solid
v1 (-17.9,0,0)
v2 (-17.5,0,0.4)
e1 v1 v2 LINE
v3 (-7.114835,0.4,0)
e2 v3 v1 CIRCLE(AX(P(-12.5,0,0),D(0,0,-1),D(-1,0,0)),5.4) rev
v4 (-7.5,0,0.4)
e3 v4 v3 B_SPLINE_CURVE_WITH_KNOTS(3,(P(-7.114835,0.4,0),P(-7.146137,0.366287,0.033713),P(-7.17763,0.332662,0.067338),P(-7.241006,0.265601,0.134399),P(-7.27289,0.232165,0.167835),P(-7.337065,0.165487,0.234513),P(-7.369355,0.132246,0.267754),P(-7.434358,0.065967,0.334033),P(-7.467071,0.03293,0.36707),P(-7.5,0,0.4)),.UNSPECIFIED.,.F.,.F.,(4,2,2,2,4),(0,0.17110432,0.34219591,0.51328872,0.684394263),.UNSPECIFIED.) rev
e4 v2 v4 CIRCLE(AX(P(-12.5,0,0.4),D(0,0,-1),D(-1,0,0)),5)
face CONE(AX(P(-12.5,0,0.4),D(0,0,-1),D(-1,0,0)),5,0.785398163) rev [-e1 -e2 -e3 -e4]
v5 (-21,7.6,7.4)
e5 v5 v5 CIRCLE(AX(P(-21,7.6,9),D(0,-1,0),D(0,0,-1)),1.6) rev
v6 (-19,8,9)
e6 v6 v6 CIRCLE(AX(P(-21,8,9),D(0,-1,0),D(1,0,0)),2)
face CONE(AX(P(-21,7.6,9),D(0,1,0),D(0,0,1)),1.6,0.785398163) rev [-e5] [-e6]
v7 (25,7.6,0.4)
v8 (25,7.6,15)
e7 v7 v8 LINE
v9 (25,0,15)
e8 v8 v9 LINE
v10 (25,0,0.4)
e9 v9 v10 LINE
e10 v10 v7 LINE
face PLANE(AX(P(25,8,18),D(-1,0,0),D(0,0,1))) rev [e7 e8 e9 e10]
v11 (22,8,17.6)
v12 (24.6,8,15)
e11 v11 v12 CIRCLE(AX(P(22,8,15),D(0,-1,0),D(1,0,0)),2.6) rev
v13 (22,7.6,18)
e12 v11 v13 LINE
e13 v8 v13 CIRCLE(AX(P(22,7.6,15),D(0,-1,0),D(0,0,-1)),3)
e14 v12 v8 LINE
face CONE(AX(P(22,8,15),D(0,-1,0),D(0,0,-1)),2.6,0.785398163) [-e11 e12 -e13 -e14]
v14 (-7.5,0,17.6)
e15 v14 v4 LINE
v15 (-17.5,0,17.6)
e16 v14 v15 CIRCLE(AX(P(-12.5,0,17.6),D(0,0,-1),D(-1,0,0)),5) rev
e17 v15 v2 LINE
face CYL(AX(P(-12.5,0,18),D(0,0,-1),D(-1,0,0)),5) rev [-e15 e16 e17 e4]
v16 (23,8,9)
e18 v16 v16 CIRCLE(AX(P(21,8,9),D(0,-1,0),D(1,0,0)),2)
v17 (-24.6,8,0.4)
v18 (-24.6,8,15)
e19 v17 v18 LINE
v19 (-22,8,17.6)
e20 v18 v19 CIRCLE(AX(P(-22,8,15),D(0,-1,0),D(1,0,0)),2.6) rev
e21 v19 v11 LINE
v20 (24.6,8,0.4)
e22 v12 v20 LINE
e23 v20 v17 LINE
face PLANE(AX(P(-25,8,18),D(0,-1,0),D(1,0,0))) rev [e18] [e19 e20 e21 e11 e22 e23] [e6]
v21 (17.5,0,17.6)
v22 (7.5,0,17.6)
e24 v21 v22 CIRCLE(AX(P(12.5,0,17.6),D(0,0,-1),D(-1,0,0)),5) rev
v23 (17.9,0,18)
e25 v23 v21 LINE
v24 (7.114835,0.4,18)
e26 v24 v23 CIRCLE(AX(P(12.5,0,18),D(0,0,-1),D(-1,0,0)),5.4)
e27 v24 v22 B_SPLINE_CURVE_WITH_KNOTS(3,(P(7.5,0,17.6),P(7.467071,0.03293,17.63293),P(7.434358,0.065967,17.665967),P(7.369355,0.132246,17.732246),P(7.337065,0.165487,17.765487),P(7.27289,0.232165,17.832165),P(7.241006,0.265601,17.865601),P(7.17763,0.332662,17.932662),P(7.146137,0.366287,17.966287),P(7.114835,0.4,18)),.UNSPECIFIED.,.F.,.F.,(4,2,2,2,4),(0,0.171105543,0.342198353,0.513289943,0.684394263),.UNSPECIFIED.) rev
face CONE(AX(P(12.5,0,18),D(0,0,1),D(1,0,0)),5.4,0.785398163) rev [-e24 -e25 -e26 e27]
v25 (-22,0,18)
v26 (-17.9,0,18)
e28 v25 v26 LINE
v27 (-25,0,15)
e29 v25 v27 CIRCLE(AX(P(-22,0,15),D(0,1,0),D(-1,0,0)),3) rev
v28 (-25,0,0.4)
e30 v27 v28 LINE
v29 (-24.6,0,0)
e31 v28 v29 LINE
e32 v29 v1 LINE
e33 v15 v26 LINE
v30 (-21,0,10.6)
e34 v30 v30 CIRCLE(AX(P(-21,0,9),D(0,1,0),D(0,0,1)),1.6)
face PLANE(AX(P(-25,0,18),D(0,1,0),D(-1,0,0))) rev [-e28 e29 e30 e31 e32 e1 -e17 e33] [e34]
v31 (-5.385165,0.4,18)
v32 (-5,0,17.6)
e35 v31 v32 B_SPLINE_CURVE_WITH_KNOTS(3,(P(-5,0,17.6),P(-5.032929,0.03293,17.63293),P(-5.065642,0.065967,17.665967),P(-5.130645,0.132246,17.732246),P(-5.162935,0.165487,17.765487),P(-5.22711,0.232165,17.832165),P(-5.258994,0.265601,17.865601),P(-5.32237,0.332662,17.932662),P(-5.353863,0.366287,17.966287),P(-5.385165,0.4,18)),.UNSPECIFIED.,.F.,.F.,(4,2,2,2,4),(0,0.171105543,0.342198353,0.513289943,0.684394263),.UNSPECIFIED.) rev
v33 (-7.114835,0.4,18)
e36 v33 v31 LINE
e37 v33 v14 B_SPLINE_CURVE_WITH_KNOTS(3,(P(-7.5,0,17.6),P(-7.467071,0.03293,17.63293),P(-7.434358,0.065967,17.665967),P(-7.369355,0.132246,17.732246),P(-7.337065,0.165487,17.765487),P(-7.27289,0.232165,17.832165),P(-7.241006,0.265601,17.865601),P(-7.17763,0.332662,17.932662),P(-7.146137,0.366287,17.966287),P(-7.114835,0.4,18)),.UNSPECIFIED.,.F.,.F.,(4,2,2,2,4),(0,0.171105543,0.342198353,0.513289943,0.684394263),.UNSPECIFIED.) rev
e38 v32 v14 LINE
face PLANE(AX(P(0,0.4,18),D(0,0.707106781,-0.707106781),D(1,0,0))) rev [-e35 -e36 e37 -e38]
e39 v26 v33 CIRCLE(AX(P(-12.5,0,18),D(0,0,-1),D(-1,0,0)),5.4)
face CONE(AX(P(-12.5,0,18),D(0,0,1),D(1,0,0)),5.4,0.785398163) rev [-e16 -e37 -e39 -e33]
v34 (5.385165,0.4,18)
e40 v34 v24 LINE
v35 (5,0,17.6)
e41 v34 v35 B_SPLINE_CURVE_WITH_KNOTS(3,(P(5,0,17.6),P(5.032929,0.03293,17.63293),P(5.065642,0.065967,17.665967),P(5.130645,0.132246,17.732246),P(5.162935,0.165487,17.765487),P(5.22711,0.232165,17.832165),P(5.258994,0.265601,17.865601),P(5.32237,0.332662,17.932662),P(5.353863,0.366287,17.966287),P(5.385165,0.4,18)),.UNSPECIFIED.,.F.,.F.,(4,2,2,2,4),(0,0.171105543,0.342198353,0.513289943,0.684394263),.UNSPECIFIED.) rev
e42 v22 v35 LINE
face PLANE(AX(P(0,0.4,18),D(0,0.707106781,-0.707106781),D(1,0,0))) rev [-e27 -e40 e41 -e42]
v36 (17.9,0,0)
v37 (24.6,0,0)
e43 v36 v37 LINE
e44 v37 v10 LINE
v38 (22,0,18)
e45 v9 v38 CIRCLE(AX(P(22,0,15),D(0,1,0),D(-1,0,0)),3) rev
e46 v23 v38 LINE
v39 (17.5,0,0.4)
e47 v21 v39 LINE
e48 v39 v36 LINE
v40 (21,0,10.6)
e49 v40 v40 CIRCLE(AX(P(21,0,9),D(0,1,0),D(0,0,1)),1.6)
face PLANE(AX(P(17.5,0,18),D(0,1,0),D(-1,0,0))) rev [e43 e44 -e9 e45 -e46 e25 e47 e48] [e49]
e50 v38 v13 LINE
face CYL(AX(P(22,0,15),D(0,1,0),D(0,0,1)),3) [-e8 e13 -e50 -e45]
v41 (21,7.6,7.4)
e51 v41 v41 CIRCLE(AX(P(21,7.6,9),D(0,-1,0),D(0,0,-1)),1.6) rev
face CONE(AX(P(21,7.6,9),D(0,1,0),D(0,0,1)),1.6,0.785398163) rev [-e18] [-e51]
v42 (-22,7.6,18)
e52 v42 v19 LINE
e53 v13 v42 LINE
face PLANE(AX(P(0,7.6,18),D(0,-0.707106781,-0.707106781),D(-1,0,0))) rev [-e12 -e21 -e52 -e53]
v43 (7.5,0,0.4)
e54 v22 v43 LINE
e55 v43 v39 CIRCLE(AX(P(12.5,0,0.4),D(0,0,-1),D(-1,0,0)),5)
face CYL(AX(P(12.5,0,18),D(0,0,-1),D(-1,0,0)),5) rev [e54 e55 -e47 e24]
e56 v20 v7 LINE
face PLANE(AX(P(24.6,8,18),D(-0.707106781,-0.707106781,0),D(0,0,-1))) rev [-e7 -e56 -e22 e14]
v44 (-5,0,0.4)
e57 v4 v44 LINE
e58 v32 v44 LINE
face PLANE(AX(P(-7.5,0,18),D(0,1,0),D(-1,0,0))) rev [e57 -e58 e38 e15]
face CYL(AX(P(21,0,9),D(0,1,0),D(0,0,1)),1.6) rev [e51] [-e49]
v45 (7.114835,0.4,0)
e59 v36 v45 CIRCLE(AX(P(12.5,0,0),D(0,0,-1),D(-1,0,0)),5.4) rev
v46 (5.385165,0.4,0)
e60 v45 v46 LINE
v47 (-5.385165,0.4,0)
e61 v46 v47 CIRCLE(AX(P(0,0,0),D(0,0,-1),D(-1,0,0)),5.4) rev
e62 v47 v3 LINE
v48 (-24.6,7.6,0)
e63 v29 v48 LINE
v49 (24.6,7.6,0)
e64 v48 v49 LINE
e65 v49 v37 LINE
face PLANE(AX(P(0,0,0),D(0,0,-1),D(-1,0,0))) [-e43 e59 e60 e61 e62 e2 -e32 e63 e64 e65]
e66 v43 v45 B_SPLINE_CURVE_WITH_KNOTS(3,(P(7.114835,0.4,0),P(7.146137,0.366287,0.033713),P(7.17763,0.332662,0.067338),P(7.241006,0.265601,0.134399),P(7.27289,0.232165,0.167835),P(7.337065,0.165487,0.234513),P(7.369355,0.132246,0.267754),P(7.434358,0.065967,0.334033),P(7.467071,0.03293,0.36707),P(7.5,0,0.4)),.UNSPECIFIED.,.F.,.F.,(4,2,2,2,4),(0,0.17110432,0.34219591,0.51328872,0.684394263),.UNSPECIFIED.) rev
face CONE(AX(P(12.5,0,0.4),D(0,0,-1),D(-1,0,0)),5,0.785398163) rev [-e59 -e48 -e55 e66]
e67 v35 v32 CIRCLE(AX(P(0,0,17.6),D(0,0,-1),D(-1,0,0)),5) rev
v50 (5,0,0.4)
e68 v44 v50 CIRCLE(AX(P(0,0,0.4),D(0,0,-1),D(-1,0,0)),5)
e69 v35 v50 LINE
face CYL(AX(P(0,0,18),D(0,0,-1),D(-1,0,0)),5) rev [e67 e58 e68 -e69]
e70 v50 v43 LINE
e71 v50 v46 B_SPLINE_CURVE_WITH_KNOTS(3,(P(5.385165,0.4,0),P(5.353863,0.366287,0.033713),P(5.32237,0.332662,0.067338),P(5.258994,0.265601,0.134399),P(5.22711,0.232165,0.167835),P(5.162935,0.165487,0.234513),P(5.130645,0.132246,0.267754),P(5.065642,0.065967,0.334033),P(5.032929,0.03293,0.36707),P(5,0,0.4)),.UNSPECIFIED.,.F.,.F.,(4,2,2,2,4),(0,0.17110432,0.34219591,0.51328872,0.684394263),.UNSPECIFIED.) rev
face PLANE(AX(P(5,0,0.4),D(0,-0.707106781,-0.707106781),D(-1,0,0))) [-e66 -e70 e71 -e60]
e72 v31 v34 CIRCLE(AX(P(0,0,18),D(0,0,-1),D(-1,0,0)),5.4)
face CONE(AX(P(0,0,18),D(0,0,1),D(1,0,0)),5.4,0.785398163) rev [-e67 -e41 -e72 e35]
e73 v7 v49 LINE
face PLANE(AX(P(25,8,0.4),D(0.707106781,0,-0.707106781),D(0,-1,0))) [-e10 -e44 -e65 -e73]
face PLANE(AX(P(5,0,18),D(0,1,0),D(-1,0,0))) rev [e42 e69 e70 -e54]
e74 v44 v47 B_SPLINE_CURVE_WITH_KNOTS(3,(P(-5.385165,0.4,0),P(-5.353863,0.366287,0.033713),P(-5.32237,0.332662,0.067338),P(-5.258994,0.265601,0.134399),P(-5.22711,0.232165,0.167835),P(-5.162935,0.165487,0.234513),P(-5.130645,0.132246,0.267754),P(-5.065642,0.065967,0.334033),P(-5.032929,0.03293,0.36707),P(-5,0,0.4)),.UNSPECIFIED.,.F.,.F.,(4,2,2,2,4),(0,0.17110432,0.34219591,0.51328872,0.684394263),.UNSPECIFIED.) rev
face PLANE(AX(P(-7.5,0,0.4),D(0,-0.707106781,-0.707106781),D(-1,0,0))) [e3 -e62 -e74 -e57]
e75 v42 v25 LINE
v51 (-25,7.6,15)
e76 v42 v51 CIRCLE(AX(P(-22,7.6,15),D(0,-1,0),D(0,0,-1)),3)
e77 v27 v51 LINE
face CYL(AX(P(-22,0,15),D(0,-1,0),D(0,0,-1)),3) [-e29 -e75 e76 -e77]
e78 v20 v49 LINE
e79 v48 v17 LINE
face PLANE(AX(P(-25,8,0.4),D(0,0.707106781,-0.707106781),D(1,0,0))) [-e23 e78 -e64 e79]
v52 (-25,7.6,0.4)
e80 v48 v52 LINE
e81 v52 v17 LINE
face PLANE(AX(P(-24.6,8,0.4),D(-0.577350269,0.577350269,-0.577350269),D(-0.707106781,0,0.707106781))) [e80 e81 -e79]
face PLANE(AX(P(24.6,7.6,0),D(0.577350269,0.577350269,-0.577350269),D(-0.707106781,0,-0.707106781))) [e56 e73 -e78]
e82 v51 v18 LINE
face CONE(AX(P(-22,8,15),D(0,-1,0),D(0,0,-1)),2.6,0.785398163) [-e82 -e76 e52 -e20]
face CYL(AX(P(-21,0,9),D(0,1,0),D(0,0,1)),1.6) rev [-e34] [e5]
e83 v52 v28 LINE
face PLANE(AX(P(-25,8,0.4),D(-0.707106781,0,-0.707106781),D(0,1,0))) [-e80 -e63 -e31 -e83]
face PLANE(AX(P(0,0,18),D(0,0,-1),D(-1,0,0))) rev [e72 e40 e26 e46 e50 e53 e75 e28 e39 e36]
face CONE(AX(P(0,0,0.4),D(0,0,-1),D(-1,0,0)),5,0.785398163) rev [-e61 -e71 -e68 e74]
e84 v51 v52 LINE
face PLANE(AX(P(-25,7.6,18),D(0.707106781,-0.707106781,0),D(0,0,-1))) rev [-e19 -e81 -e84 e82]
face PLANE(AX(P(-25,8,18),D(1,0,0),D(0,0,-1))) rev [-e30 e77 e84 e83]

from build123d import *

# Parameters (mm, degrees)
BOSS_EXTRUDE1_DEPTH = 18
SKETCH2_R           = 1.6
CUT_EXTRUDE1_DEPTH  = 32.827660926
FILLET1_R           = 3
CHAMFER1_SIZE       = 0.4


with BuildPart() as part:
    # Sketch1 → Boss-Extrude1 (new body)
    with BuildSketch(Plane.XY):
        with BuildLine():
            Line((-7.5, 0), (-5, 0))
            ThreePointArc((-5, 0), (0, 5), (5, 0))
            Line((5, 0), (7.5, 0))
            ThreePointArc((7.5, 0), (12.5, 5), (17.5, 0))
            Line((17.5, 0), (25, 0))
            Line((25, 0), (25, 8))
            Line((25, 8), (-25, 8))
            Line((-25, 8), (-25, 0))
            Line((-25, 0), (-17.5, 0))
            ThreePointArc((-17.5, 0), (-12.5, 5), (-7.5, 0))
        make_face()
    extrude(amount=BOSS_EXTRUDE1_DEPTH)

    # Sketch2 → Cut-Extrude1 (cut, through all)
    with BuildSketch(Plane(origin=(0, 8, 0), x_dir=(1, 0, 0), z_dir=(0, 1, 0))):
        with Locations(Location((-21, -9, 0), (0, 0, 270))):
            Circle(SKETCH2_R)
        with Locations(Location((21, -9, 0), (0, 0, 270))):
            Circle(SKETCH2_R)
    extrude(amount=-CUT_EXTRUDE1_DEPTH, mode=Mode.SUBTRACT)

    # Fillet1
    fillet1_edges = [part.edges().sort_by_distance(p)[0] for p in [
        (25, 4, 18),
        (-25, 4, 18),
    ]]
    fillet(fillet1_edges, radius=FILLET1_R)

    # Chamfer1
    chamfer1_edges = [part.edges().sort_by_distance(p)[0] for p in [
        (21, 8, 7.4),
        (-21, 8, 7.4),
        (12.5, 5, 0),
        (0, 5, 0),
        (-12.5, 5, 0),
        (0, 8, 0),
        (-25, 4, 0),
        (-25, 8, 7.5),
        (-24.121320344, 8, 17.121320344),
        (0, 8, 18),
        (24.121320344, 8, 17.121320344),
        (25, 8, 7.5),
        (25, 4, 0),
        (12.5, 5, 18),
        (0, 5, 18),
        (-12.5, 5, 18),
        (6.25, 0, 0),
        (-6.25, 0, 0),
        (6.25, 0, 18),
        (-6.25, 0, 18),
    ]]
    chamfer(chamfer1_edges, length=CHAMFER1_SIZE)


solid = part.part
